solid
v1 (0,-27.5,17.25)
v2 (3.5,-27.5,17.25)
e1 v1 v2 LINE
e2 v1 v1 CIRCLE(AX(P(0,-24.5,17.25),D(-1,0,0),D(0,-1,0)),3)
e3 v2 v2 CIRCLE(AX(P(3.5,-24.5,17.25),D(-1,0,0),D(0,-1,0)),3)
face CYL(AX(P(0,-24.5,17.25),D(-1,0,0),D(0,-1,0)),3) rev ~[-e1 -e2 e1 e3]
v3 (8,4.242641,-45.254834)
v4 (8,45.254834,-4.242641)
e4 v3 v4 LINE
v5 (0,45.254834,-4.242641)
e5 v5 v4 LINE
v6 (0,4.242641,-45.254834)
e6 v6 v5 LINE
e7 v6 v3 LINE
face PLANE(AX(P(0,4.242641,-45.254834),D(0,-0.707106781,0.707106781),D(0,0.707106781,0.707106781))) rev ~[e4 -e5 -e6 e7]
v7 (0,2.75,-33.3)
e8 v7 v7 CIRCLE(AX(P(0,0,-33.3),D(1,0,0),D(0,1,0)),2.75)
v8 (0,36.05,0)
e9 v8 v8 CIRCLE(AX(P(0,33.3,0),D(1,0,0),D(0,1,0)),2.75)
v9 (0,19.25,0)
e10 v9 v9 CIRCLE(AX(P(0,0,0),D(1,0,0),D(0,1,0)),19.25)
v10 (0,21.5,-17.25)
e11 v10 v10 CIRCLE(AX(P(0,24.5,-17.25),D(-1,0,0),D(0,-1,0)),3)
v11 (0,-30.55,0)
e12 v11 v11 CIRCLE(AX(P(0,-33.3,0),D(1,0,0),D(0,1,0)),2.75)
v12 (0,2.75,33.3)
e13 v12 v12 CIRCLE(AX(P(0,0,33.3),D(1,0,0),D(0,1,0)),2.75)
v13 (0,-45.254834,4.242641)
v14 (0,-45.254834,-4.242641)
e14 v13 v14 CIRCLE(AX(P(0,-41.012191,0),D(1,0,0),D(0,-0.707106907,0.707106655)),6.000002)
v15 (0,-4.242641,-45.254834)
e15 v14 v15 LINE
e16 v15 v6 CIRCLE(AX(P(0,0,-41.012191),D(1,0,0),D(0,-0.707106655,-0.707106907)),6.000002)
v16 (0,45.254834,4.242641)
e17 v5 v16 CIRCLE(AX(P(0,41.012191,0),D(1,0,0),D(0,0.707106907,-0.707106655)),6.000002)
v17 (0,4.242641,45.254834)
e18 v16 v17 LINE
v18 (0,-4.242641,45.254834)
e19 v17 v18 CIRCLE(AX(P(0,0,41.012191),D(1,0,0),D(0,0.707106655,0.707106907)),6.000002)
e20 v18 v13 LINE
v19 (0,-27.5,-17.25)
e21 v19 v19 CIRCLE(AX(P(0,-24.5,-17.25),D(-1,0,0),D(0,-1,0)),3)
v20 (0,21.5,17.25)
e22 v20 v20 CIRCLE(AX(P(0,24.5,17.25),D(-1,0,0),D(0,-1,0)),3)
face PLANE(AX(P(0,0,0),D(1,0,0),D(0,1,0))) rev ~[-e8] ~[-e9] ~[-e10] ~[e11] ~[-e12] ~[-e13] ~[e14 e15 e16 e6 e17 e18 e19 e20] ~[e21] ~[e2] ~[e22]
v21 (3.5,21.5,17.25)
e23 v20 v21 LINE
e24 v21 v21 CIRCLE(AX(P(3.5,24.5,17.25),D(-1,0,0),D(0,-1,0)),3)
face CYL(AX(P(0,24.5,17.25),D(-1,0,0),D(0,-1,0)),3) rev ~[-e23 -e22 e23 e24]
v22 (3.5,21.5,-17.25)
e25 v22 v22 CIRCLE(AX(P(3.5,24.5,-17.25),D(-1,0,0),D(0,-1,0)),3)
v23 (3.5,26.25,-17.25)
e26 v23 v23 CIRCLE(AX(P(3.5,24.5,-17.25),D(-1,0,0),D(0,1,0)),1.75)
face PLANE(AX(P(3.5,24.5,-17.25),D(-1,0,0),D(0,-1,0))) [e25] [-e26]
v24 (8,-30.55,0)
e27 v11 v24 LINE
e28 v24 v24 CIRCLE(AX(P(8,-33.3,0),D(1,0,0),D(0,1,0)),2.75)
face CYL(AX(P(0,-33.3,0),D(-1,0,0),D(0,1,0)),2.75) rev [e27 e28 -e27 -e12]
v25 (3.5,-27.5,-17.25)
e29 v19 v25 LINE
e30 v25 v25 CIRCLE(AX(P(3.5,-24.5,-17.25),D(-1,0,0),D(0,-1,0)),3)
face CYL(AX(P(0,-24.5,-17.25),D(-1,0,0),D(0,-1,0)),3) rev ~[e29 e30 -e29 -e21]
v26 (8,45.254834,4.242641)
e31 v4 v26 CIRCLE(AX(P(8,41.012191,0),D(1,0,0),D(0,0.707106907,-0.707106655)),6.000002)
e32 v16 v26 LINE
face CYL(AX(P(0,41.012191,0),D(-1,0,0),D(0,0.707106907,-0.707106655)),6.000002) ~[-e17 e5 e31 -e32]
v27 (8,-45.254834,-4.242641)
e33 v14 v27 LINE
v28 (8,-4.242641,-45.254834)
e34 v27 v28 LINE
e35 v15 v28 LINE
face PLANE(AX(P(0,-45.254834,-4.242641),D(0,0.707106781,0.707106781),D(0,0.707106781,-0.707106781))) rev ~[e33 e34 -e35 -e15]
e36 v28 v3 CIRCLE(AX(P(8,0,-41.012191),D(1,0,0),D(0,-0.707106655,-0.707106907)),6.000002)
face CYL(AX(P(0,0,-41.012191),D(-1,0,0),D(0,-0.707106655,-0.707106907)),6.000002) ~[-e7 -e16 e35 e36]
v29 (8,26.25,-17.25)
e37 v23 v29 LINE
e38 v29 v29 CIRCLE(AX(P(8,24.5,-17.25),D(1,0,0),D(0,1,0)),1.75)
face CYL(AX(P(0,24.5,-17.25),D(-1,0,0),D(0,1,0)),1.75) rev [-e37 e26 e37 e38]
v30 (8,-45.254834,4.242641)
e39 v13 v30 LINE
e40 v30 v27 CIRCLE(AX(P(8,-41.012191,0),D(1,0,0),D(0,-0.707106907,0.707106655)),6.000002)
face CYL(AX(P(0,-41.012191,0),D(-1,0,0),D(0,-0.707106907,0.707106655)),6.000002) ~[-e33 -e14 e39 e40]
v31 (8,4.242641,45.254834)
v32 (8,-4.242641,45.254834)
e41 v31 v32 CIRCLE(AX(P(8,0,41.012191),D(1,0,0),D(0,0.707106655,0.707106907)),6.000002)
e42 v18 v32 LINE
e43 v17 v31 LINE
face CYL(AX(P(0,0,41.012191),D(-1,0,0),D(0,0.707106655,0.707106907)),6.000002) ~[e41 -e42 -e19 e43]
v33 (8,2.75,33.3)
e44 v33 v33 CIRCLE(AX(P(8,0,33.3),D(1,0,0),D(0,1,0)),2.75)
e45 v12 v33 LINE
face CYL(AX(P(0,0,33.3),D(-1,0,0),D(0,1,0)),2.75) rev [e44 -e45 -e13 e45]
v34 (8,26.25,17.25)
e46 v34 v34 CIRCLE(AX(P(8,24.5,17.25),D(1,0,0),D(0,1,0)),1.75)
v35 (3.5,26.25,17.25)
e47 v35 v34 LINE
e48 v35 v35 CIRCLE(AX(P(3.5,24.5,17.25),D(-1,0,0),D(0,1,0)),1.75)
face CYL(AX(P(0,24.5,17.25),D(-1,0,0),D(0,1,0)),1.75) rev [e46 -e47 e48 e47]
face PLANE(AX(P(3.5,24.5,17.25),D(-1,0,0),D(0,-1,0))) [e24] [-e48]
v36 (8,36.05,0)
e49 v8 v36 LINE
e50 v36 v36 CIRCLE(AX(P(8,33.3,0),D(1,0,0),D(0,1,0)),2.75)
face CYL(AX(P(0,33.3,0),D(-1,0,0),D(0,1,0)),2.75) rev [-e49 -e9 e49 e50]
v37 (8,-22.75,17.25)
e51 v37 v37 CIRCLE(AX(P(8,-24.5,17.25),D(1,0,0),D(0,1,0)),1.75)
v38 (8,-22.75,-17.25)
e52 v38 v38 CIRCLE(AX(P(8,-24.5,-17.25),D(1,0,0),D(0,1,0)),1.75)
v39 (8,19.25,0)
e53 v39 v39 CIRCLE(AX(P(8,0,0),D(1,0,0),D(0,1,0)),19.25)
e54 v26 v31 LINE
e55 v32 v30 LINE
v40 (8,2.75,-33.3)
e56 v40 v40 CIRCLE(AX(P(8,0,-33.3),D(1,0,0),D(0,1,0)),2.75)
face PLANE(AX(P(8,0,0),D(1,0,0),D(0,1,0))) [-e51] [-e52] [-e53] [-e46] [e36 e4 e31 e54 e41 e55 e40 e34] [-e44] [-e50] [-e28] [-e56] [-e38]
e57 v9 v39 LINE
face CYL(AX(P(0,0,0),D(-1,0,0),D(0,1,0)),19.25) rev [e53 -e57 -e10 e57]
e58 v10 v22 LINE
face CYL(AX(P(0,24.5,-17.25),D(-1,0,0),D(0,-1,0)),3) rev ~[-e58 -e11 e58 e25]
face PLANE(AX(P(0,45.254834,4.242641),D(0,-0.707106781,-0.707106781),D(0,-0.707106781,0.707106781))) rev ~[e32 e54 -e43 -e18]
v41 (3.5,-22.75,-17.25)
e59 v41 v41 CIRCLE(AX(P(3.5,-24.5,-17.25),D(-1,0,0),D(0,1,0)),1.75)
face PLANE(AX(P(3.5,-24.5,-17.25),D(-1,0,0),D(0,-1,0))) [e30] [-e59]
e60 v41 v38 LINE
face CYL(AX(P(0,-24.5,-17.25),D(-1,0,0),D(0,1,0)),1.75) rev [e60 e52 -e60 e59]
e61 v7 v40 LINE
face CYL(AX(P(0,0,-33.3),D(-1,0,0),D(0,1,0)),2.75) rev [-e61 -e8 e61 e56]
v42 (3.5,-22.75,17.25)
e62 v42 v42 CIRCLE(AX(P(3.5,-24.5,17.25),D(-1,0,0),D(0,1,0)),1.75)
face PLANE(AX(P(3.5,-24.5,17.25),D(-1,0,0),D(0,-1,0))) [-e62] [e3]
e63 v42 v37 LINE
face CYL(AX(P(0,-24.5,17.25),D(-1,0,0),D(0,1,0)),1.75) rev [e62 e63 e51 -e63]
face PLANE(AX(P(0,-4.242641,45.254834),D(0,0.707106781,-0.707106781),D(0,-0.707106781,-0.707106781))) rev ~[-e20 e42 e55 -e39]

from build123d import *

# Parameters (mm, degrees)
F0_R     = 1.75
F0_R_2   = 2.75
F0_R_3   = 19.25
F1_DEPTH = 8
F2_R     = 3
F3_DEPTH = 3.5


with BuildPart() as f1:
    # F0 (on Right) → F1 (new body)
    with BuildSketch(Plane.YZ):
        with BuildLine():
            ThreePointArc((4.242641, 45.254834), (0, 47.012193), (-4.242641, 45.254834))
            Line((-4.242641, 45.254834), (-45.254834, 4.242641))
            ThreePointArc((-45.254834, 4.242641), (-47.012193, 0), (-45.254834, -4.242641))
            Line((-45.254834, -4.242641), (-4.242641, -45.254834))
            ThreePointArc((-4.242641, -45.254834), (0, -47.012193), (4.242641, -45.254834))
            Line((4.242641, -45.254834), (45.254834, -4.242641))
            ThreePointArc((45.254834, -4.242641), (47.012193, 0), (45.254834, 4.242641))
            Line((45.254834, 4.242641), (4.242641, 45.254834))
        make_face()
        with Locations((-24.5, -17.25)):
            Circle(F0_R, mode=Mode.SUBTRACT)
        with Locations((0, -33.3)):
            Circle(F0_R_2, mode=Mode.SUBTRACT)
        with Locations((24.5, -17.25)):
            Circle(F0_R, mode=Mode.SUBTRACT)
        with Locations((-33.3, 0)):
            Circle(F0_R_2, mode=Mode.SUBTRACT)
        with Locations((-24.5, 17.25)):
            Circle(F0_R, mode=Mode.SUBTRACT)
        Circle(F0_R_3, mode=Mode.SUBTRACT)
        with Locations((33.3, 0)):
            Circle(F0_R_2, mode=Mode.SUBTRACT)
        with Locations((24.5, 17.25)):
            Circle(F0_R, mode=Mode.SUBTRACT)
        with Locations((0, 33.3)):
            Circle(F0_R_2, mode=Mode.SUBTRACT)
    extrude(amount=F1_DEPTH)

    # F2 (on face) → F3 (cut)
    with BuildSketch(Plane(origin=(0, 0, 0), x_dir=(0, -1, 0), z_dir=(-1, 0, 0))):
        with Locations((24.5, 17.25)):
            Circle(F2_R)
        with Locations((-24.5, 17.25)):
            Circle(F2_R)
        with Locations((-24.5, -17.25)):
            Circle(F2_R)
        with Locations((24.5, -17.25)):
            Circle(F2_R)
    extrude(amount=-F3_DEPTH, mode=Mode.SUBTRACT)


solid = f1.part
